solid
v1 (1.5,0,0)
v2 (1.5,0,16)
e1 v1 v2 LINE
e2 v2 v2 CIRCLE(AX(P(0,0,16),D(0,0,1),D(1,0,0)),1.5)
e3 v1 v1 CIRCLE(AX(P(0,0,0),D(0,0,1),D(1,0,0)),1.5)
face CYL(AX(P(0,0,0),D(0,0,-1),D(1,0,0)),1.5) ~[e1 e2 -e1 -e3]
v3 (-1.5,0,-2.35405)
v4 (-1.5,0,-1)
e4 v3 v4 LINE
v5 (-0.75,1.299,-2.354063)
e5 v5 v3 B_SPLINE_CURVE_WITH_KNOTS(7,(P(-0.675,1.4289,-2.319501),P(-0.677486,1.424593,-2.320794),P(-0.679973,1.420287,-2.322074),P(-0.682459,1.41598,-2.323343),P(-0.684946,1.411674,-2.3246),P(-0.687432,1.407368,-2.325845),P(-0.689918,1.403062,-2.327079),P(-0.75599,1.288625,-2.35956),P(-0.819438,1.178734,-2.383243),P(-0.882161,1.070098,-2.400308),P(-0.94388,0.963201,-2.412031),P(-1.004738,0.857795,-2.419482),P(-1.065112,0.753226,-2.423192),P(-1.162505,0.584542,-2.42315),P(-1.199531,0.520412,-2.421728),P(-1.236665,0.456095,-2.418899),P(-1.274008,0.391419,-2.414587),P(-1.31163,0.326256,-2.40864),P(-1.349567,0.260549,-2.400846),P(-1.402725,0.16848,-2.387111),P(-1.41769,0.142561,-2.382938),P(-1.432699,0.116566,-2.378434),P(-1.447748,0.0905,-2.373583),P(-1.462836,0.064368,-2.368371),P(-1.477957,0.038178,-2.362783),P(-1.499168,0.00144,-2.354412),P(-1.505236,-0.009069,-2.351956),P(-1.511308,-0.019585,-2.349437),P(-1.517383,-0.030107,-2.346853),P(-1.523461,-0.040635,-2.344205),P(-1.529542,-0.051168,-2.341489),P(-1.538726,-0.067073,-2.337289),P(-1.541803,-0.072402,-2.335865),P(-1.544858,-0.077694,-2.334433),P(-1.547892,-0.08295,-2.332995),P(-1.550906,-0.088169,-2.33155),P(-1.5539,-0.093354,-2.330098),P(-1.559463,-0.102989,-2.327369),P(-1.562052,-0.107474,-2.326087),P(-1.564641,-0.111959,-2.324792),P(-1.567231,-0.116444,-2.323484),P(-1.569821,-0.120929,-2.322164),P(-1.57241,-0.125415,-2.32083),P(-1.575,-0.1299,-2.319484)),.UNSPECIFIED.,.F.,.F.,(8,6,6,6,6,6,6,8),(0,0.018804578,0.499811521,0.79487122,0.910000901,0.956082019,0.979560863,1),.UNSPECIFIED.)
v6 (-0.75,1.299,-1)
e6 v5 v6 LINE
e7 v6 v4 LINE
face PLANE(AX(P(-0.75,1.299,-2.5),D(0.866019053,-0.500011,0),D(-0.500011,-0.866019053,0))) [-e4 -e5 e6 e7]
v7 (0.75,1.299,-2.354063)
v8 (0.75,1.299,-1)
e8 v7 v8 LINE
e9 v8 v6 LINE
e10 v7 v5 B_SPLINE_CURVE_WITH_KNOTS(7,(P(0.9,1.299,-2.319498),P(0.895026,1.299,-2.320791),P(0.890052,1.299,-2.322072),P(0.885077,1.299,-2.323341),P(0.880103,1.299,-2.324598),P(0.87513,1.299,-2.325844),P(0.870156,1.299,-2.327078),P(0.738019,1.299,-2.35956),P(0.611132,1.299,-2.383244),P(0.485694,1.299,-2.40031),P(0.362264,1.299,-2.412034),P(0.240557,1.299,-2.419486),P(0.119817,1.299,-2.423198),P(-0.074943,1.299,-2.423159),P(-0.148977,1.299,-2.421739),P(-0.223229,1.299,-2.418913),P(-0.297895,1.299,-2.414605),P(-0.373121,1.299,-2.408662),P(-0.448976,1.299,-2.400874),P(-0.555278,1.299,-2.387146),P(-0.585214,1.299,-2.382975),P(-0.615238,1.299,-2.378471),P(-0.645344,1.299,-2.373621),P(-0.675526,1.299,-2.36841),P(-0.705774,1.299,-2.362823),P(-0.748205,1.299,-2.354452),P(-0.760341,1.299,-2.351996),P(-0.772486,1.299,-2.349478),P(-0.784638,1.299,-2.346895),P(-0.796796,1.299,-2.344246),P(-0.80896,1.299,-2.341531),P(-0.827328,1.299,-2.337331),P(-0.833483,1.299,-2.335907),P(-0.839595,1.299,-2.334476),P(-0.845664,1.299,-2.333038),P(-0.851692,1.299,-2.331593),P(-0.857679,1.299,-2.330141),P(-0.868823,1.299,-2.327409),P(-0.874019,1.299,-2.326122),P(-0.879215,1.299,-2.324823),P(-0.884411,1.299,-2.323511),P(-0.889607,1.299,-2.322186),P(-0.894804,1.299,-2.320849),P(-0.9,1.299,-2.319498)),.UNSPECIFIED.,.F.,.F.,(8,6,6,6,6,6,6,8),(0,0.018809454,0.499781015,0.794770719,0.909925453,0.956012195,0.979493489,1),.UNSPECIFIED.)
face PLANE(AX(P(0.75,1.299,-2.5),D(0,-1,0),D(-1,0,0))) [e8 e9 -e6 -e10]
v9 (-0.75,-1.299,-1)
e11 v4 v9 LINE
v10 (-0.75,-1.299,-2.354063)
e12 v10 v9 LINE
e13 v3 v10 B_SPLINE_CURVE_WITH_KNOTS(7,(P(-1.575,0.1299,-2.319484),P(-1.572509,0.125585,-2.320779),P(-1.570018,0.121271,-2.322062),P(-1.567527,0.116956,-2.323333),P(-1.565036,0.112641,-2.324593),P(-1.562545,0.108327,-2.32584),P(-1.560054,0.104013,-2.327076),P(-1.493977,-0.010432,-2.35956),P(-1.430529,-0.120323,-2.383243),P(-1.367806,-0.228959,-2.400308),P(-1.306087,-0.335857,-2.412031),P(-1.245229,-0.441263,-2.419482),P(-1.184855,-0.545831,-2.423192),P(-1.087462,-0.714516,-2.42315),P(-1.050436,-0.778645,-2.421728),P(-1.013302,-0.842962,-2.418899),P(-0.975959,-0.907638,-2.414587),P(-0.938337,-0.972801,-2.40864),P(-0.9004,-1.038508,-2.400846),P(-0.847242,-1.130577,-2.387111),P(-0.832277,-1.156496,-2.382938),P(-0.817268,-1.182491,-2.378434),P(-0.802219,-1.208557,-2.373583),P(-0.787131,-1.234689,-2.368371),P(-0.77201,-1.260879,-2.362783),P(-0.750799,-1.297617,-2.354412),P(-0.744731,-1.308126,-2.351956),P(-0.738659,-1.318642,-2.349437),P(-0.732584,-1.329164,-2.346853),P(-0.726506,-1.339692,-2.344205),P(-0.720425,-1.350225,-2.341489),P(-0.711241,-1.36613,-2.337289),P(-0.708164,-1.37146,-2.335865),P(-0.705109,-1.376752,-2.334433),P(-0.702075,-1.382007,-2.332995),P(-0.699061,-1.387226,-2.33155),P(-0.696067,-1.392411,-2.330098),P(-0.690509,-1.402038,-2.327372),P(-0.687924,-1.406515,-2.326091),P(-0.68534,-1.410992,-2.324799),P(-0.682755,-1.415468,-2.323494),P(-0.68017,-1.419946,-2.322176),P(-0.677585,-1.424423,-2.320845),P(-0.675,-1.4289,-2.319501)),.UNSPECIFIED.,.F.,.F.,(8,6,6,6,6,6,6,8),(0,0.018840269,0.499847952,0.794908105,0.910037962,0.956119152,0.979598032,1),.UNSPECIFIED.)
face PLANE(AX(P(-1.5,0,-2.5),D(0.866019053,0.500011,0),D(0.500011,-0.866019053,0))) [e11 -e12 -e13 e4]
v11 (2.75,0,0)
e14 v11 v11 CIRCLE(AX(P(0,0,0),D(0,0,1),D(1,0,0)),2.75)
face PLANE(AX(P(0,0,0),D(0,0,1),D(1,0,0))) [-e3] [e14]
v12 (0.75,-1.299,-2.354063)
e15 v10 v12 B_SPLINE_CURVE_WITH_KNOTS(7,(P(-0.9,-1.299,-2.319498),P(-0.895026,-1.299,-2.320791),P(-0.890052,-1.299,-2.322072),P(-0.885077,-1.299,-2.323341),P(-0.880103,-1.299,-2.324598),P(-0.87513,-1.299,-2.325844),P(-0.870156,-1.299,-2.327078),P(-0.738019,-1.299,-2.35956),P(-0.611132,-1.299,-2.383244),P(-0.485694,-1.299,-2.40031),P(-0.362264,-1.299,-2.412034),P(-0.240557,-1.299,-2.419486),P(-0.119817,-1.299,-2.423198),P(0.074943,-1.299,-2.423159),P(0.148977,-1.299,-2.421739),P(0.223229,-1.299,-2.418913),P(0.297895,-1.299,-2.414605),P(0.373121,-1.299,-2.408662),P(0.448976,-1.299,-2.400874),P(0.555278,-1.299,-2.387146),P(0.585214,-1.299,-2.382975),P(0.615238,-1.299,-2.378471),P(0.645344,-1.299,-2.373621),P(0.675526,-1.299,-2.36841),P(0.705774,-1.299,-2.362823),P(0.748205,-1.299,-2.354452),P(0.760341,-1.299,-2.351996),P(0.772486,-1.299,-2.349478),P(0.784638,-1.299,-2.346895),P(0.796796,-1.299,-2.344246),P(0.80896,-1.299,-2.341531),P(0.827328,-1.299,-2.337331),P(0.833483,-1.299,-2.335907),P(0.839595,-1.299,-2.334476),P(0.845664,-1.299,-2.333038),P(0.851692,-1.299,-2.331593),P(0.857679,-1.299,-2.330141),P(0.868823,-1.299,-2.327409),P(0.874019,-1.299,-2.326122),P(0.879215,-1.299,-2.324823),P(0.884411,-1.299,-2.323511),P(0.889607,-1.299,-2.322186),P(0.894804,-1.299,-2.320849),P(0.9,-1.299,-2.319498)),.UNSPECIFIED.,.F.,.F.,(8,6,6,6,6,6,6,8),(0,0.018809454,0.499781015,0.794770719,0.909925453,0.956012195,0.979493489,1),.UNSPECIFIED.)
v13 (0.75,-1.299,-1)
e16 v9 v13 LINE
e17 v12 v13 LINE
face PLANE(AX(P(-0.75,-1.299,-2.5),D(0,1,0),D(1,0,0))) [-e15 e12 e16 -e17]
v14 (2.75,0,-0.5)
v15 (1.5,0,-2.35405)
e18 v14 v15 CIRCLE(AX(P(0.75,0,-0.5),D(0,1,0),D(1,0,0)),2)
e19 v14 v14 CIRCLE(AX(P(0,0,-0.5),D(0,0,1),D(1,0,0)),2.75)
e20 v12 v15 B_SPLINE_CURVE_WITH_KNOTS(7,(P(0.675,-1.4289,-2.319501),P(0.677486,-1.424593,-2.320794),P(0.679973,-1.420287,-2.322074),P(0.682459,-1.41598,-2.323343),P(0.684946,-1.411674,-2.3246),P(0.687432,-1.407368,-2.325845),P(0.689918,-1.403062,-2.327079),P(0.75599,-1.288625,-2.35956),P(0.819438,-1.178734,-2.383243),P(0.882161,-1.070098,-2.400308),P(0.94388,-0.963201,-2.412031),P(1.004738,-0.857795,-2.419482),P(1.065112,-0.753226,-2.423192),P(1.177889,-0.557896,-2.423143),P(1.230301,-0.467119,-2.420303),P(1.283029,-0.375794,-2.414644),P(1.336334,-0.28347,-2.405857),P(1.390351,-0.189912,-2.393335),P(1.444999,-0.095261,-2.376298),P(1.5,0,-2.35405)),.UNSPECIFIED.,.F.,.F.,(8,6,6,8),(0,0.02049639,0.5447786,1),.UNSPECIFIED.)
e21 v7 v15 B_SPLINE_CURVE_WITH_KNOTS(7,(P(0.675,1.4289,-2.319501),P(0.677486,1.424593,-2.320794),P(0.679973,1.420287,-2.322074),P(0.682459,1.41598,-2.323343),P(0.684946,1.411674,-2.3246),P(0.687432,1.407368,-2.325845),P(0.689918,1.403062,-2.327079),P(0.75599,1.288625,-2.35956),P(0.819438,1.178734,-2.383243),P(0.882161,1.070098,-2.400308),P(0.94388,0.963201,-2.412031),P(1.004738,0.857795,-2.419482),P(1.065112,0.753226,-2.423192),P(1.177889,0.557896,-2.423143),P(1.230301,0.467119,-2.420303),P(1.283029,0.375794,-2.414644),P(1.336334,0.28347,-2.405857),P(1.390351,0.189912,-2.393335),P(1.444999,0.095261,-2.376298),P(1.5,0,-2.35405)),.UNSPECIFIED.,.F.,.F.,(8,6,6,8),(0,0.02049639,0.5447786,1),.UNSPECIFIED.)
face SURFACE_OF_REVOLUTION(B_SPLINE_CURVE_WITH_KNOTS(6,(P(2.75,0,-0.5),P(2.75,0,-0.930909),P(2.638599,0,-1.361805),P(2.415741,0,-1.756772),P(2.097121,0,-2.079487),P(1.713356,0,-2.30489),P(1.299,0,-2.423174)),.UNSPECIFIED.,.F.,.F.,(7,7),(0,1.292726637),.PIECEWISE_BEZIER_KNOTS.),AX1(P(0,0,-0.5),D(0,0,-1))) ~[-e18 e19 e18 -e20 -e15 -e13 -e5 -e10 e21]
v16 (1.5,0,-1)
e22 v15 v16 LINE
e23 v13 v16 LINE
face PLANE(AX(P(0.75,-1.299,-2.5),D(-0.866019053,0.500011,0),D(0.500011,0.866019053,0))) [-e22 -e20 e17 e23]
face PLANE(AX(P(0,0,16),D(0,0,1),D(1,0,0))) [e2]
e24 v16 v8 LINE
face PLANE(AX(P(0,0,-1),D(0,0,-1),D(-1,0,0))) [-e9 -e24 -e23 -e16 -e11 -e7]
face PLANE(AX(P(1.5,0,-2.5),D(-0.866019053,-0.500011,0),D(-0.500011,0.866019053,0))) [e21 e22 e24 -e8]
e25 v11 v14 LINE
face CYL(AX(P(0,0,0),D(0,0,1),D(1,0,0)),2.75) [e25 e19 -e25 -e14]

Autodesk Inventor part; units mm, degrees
ref_plane "YZ Plane" through (0, 0, 0) normal (1, 0, 0) x (0, 1, 0)
ref_plane "XZ Plane" through (0, 0, 0) normal (0, 1, 0) x (-1, 0, 0)
ref_plane "XY Plane" through (0, 0, 0) normal (0, 0, 1) x (1, 0, 0)
sketch "Boceto1" plane through (0, 0, 0) normal (0, 0, 1) x (1, 0, 0)
  circle A0 centre (0, 0) radius 1.5
  circle A1 centre (0, 0) radius 2.75
  dimension "d0" = 3
  dimension "d1" = 5.5
extrude "Extrusión1" add sketch "Boceto1" along normal blind 16 contours A0
extrude "Extrusión2" add sketch "Boceto1" against normal blind 2.5 contours A0 | A1
sketch "Boceto2" plane through (0, 0, -2.5) normal (0, 0, -1) x (-1, 0, 0)
  line L0 (1.5, 0) -> (0.75, -1.299)
  line L1 (0.75, -1.299) -> (-0.75, -1.299)
  line L2 (-0.75, -1.299) -> (-1.5, 0)
  line L3 (-1.5, 0) -> (-0.75, 1.299)
  line L4 (-0.75, 1.299) -> (0.75, 1.299)
  line L5 (0.75, 1.299) -> (1.5, 0)
  point P0 (0, 0)
  point P1 (0, 0)
  dimension "d6" = 3
fillet "Empalme1" radius 2 1 edges at (-2.75, 0, -2.5)
extrude "Extrusión4" cut sketch "Boceto2" against normal blind 1.5
thread "Rosca1" size "M3x0.5" class "6g" standard "ANSI Metric M Profile" full length
properties part number "tonrilloM3x16mm" material "Acero inoxidable, 440C"
